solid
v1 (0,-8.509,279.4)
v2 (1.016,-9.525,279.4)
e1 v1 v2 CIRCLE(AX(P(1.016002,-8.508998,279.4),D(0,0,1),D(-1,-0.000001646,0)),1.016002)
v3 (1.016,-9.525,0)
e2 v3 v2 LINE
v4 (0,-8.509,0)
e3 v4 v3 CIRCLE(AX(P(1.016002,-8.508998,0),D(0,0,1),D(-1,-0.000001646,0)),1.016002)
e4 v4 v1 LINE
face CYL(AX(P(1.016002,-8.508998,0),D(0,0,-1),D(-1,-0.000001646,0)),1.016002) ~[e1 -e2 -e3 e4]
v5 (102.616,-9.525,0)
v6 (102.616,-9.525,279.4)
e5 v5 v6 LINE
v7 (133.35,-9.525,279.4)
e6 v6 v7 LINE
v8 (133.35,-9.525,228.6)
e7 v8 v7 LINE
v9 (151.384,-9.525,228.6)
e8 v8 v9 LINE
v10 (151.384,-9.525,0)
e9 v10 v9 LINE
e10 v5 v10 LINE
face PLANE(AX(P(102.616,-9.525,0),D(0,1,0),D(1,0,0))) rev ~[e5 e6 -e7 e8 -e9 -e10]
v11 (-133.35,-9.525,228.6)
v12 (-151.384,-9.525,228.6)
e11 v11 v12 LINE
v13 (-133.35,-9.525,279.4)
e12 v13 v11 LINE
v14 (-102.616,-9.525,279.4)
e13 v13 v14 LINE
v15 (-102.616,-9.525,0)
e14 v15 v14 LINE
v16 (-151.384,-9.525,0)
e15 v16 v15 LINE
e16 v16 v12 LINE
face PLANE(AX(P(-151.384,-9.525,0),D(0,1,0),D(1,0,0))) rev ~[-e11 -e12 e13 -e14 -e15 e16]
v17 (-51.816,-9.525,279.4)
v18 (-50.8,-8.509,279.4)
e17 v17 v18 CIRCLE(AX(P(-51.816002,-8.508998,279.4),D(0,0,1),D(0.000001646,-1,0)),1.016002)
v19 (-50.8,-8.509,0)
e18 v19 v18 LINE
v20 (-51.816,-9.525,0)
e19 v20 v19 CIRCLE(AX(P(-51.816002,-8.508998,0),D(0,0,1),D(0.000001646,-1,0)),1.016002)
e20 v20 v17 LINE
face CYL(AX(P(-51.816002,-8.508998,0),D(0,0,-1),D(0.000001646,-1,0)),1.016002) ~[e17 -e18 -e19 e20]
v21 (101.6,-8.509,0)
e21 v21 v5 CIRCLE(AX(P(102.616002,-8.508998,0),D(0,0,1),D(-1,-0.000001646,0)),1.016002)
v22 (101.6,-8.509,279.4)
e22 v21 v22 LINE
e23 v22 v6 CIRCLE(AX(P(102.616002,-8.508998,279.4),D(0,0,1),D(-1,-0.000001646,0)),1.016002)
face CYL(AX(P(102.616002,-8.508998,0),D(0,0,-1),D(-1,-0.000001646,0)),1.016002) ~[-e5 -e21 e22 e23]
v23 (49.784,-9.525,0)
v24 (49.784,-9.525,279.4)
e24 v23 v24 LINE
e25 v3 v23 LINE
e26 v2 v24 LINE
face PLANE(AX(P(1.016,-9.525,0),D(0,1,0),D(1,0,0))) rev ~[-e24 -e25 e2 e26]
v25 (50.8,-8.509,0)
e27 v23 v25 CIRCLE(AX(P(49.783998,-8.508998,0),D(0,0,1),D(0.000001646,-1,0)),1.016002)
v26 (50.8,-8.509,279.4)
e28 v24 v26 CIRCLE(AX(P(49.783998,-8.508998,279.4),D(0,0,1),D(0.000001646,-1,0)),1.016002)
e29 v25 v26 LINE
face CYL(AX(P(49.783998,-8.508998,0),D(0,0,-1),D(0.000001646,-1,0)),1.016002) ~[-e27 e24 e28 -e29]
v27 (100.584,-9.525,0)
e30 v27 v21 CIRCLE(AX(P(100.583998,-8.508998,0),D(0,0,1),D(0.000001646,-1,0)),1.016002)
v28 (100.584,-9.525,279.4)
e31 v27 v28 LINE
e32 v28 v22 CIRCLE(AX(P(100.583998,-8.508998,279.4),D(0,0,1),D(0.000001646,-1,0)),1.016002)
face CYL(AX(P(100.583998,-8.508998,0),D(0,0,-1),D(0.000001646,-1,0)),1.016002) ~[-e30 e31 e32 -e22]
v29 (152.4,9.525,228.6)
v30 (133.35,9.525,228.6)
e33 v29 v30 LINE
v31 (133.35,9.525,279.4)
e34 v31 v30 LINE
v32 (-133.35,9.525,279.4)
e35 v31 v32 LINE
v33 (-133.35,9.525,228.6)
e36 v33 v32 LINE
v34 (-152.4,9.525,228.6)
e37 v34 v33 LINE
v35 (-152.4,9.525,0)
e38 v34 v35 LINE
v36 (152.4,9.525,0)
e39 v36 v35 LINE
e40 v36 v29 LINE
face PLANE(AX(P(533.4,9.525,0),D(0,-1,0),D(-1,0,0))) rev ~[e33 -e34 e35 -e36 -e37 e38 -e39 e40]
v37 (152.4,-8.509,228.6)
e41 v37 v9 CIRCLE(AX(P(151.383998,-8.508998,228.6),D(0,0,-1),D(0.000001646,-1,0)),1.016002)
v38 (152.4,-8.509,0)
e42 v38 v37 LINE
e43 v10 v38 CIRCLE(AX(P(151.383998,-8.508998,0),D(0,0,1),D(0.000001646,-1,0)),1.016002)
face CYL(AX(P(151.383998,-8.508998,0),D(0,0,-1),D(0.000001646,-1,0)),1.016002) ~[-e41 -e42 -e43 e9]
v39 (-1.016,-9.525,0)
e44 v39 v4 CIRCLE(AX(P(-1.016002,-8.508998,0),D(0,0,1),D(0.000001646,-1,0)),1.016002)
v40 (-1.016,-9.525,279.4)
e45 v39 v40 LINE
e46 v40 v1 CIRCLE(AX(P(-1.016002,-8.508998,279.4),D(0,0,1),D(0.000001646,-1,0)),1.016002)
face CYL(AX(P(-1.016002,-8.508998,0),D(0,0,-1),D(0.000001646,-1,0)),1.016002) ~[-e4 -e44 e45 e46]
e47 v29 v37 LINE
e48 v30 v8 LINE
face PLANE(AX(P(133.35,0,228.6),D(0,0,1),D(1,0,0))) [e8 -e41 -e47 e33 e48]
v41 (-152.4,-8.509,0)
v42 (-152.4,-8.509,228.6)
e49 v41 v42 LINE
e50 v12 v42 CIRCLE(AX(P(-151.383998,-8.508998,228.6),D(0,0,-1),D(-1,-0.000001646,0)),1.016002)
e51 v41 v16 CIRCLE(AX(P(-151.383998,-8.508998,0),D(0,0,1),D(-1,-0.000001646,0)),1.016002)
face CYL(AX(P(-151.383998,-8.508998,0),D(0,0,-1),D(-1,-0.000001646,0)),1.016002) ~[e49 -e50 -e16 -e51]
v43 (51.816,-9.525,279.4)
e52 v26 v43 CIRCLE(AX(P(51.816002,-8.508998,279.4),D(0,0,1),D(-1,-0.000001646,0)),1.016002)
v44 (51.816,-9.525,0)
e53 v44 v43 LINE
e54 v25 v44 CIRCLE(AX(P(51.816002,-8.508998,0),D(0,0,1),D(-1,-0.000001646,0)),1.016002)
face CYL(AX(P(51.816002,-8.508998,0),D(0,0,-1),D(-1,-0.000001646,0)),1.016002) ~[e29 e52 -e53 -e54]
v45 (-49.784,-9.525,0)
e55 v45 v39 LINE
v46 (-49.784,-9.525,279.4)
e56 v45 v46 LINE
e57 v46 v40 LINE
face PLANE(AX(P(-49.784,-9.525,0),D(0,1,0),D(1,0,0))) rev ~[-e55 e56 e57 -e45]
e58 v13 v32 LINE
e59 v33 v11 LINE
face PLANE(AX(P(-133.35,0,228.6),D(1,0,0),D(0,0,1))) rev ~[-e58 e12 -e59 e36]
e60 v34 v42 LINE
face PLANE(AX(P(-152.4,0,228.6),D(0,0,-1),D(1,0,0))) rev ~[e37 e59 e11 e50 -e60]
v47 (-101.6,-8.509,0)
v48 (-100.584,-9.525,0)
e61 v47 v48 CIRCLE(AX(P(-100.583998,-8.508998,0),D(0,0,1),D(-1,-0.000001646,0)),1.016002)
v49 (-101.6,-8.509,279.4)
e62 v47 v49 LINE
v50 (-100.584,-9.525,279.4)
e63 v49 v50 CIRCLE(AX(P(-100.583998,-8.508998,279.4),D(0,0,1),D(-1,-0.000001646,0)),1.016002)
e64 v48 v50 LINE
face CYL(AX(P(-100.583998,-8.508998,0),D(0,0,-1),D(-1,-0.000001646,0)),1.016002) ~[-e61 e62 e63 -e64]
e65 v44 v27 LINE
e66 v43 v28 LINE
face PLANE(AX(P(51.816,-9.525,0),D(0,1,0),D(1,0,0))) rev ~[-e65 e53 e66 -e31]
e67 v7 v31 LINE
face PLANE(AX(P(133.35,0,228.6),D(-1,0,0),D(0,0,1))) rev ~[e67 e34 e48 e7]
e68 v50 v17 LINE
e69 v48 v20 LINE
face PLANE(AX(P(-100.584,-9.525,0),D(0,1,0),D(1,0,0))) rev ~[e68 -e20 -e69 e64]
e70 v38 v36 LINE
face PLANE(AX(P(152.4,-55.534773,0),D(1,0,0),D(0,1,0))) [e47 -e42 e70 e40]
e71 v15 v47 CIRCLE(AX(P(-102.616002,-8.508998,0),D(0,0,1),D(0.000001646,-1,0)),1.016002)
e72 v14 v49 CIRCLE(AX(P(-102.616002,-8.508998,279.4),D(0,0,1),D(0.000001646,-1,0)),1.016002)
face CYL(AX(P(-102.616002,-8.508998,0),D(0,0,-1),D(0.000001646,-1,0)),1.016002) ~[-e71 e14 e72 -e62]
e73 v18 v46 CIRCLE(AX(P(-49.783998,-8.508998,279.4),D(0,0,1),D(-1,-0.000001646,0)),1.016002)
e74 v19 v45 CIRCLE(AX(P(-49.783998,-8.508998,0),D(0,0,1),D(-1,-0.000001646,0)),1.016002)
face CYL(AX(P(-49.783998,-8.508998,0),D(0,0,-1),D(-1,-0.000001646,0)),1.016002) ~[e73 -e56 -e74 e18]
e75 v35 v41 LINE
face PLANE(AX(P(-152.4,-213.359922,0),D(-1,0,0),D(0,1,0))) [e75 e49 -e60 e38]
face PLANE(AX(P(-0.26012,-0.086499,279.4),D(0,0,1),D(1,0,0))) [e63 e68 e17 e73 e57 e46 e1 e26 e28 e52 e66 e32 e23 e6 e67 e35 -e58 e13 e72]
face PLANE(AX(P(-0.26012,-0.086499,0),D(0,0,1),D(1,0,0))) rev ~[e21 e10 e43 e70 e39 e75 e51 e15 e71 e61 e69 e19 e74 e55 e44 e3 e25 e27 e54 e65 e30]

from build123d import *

# Parameters (mm, degrees)
F1_DEPTH = 279.4
F2_W     = 508
F2_H     = 426.719844
F2_H_2   = 111.069546
F3_DEPTH = 304.8
F4_W     = 19.05
F4_H     = 50.8
F5_DEPTH = 12.7


with BuildPart() as f1:
    # F0 (on Top) → F1 (new body)
    with BuildSketch(Plane.XY):
        with BuildLine():
            Line((458.216, -9.525), (533.4, -9.525))
            Line((533.4, -9.525), (533.4, 9.525))
            Line((533.4, 9.525), (-533.4, 9.525))
            Line((-533.4, 9.525), (-533.4, -9.525))
            Line((-533.4, -9.525), (-509.016, -9.525))
            ThreePointArc((-509.016, -9.525), (-508.29758, -9.22742), (-508, -8.509))
            ThreePointArc((-508, -8.509), (-507.70242, -9.22742), (-506.984, -9.525))
            Line((-506.984, -9.525), (-458.216, -9.525))
            ThreePointArc((-458.216, -9.525), (-457.49758, -9.22742), (-457.2, -8.509))
            ThreePointArc((-457.2, -8.509), (-456.90242, -9.22742), (-456.184, -9.525))
            Line((-456.184, -9.525), (-407.416, -9.525))
            ThreePointArc((-407.416, -9.525), (-406.69758, -9.22742), (-406.4, -8.509))
            ThreePointArc((-406.4, -8.509), (-406.10242, -9.22742), (-405.384, -9.525))
            Line((-405.384, -9.525), (-356.616, -9.525))
            ThreePointArc((-356.616, -9.525), (-355.89758, -9.22742), (-355.6, -8.509))
            ThreePointArc((-355.6, -8.509), (-355.30242, -9.22742), (-354.584, -9.525))
            Line((-354.584, -9.525), (-305.816, -9.525))
            ThreePointArc((-305.816, -9.525), (-305.09758, -9.22742), (-304.8, -8.509))
            ThreePointArc((-304.8, -8.509), (-304.50242, -9.22742), (-303.784, -9.525))
            Line((-303.784, -9.525), (-255.016, -9.525))
            ThreePointArc((-255.016, -9.525), (-254.29758, -9.22742), (-254, -8.509))
            ThreePointArc((-254, -8.509), (-253.70242, -9.22742), (-252.984, -9.525))
            Line((-252.984, -9.525), (-204.216, -9.525))
            ThreePointArc((-204.216, -9.525), (-203.49758, -9.22742), (-203.2, -8.509))
            ThreePointArc((-203.2, -8.509), (-202.90242, -9.22742), (-202.184, -9.525))
            Line((-202.184, -9.525), (-153.416, -9.525))
            ThreePointArc((-153.416, -9.525), (-152.69758, -9.22742), (-152.4, -8.509))
            ThreePointArc((-152.4, -8.509), (-152.10242, -9.22742), (-151.384, -9.525))
            Line((-151.384, -9.525), (-102.616, -9.525))
            ThreePointArc((-102.616, -9.525), (-101.89758, -9.22742), (-101.6, -8.509))
            ThreePointArc((-101.6, -8.509), (-101.30242, -9.22742), (-100.584, -9.525))
            Line((-100.584, -9.525), (-51.816, -9.525))
            ThreePointArc((-51.816, -9.525), (-51.09758, -9.22742), (-50.8, -8.509))
            ThreePointArc((-50.8, -8.509), (-50.50242, -9.22742), (-49.784, -9.525))
            Line((-49.784, -9.525), (-1.016, -9.525))
            ThreePointArc((-1.016, -9.525), (-0.29758, -9.22742), (0, -8.509))
            ThreePointArc((0, -8.509), (0.29758, -9.22742), (1.016, -9.525))
            Line((1.016, -9.525), (49.784, -9.525))
            ThreePointArc((49.784, -9.525), (50.50242, -9.22742), (50.8, -8.509))
            ThreePointArc((50.8, -8.509), (51.09758, -9.22742), (51.816, -9.525))
            Line((51.816, -9.525), (100.584, -9.525))
            ThreePointArc((100.584, -9.525), (101.30242, -9.22742), (101.6, -8.509))
            ThreePointArc((101.6, -8.509), (101.89758, -9.22742), (102.616, -9.525))
            Line((102.616, -9.525), (151.384, -9.525))
            ThreePointArc((151.384, -9.525), (152.10242, -9.22742), (152.4, -8.509))
            ThreePointArc((152.4, -8.509), (152.69758, -9.22742), (153.416, -9.525))
            Line((153.416, -9.525), (202.184, -9.525))
            ThreePointArc((202.184, -9.525), (202.90242, -9.22742), (203.2, -8.509))
            ThreePointArc((203.2, -8.509), (203.49758, -9.22742), (204.216, -9.525))
            Line((204.216, -9.525), (252.984, -9.525))
            ThreePointArc((252.984, -9.525), (253.70242, -9.22742), (254, -8.509))
            ThreePointArc((254, -8.509), (254.29758, -9.22742), (255.016, -9.525))
            Line((255.016, -9.525), (303.784, -9.525))
            ThreePointArc((303.784, -9.525), (304.50242, -9.22742), (304.8, -8.509))
            ThreePointArc((304.8, -8.509), (305.09758, -9.22742), (305.816, -9.525))
            Line((305.816, -9.525), (354.584, -9.525))
            ThreePointArc((354.584, -9.525), (355.30242, -9.22742), (355.6, -8.509))
            ThreePointArc((355.6, -8.509), (355.89758, -9.22742), (356.616, -9.525))
            Line((356.616, -9.525), (405.384, -9.525))
            ThreePointArc((405.384, -9.525), (406.10242, -9.22742), (406.4, -8.509))
            ThreePointArc((406.4, -8.509), (406.69758, -9.22742), (407.416, -9.525))
            Line((407.416, -9.525), (456.184, -9.525))
            ThreePointArc((456.184, -9.525), (456.90242, -9.22742), (457.2, -8.509))
            ThreePointArc((457.2, -8.509), (457.49758, -9.22742), (458.216, -9.525))
        make_face()
        with BuildLine():
            ThreePointArc((-508, -8.509), (-508.29758, -9.22742), (-509.016, -9.525))
            Line((-509.016, -9.525), (-506.984, -9.525))
            ThreePointArc((-506.984, -9.525), (-507.70242, -9.22742), (-508, -8.509))
        make_face()
    extrude(amount=F1_DEPTH)

    # F2 (on Top) → F3 (cut, symmetric)
    with BuildSketch(Plane.XY):
        with Locations((-406.4, 0)):
            Rectangle(F2_W, F2_H)
        with Locations((406.4, 0)):
            Rectangle(F2_W, F2_H_2)
    extrude(amount=F3_DEPTH, both=True, mode=Mode.SUBTRACT)

    # F4 (on Front) → F5 (cut, symmetric)
    with BuildSketch(Plane.XZ):
        with Locations((142.875, 254)):
            Rectangle(F4_W, F4_H)
        with Locations((-142.875, 254)):
            Rectangle(F4_W, F4_H)
    extrude(amount=F5_DEPTH, both=True, mode=Mode.SUBTRACT)


solid = f1.part
